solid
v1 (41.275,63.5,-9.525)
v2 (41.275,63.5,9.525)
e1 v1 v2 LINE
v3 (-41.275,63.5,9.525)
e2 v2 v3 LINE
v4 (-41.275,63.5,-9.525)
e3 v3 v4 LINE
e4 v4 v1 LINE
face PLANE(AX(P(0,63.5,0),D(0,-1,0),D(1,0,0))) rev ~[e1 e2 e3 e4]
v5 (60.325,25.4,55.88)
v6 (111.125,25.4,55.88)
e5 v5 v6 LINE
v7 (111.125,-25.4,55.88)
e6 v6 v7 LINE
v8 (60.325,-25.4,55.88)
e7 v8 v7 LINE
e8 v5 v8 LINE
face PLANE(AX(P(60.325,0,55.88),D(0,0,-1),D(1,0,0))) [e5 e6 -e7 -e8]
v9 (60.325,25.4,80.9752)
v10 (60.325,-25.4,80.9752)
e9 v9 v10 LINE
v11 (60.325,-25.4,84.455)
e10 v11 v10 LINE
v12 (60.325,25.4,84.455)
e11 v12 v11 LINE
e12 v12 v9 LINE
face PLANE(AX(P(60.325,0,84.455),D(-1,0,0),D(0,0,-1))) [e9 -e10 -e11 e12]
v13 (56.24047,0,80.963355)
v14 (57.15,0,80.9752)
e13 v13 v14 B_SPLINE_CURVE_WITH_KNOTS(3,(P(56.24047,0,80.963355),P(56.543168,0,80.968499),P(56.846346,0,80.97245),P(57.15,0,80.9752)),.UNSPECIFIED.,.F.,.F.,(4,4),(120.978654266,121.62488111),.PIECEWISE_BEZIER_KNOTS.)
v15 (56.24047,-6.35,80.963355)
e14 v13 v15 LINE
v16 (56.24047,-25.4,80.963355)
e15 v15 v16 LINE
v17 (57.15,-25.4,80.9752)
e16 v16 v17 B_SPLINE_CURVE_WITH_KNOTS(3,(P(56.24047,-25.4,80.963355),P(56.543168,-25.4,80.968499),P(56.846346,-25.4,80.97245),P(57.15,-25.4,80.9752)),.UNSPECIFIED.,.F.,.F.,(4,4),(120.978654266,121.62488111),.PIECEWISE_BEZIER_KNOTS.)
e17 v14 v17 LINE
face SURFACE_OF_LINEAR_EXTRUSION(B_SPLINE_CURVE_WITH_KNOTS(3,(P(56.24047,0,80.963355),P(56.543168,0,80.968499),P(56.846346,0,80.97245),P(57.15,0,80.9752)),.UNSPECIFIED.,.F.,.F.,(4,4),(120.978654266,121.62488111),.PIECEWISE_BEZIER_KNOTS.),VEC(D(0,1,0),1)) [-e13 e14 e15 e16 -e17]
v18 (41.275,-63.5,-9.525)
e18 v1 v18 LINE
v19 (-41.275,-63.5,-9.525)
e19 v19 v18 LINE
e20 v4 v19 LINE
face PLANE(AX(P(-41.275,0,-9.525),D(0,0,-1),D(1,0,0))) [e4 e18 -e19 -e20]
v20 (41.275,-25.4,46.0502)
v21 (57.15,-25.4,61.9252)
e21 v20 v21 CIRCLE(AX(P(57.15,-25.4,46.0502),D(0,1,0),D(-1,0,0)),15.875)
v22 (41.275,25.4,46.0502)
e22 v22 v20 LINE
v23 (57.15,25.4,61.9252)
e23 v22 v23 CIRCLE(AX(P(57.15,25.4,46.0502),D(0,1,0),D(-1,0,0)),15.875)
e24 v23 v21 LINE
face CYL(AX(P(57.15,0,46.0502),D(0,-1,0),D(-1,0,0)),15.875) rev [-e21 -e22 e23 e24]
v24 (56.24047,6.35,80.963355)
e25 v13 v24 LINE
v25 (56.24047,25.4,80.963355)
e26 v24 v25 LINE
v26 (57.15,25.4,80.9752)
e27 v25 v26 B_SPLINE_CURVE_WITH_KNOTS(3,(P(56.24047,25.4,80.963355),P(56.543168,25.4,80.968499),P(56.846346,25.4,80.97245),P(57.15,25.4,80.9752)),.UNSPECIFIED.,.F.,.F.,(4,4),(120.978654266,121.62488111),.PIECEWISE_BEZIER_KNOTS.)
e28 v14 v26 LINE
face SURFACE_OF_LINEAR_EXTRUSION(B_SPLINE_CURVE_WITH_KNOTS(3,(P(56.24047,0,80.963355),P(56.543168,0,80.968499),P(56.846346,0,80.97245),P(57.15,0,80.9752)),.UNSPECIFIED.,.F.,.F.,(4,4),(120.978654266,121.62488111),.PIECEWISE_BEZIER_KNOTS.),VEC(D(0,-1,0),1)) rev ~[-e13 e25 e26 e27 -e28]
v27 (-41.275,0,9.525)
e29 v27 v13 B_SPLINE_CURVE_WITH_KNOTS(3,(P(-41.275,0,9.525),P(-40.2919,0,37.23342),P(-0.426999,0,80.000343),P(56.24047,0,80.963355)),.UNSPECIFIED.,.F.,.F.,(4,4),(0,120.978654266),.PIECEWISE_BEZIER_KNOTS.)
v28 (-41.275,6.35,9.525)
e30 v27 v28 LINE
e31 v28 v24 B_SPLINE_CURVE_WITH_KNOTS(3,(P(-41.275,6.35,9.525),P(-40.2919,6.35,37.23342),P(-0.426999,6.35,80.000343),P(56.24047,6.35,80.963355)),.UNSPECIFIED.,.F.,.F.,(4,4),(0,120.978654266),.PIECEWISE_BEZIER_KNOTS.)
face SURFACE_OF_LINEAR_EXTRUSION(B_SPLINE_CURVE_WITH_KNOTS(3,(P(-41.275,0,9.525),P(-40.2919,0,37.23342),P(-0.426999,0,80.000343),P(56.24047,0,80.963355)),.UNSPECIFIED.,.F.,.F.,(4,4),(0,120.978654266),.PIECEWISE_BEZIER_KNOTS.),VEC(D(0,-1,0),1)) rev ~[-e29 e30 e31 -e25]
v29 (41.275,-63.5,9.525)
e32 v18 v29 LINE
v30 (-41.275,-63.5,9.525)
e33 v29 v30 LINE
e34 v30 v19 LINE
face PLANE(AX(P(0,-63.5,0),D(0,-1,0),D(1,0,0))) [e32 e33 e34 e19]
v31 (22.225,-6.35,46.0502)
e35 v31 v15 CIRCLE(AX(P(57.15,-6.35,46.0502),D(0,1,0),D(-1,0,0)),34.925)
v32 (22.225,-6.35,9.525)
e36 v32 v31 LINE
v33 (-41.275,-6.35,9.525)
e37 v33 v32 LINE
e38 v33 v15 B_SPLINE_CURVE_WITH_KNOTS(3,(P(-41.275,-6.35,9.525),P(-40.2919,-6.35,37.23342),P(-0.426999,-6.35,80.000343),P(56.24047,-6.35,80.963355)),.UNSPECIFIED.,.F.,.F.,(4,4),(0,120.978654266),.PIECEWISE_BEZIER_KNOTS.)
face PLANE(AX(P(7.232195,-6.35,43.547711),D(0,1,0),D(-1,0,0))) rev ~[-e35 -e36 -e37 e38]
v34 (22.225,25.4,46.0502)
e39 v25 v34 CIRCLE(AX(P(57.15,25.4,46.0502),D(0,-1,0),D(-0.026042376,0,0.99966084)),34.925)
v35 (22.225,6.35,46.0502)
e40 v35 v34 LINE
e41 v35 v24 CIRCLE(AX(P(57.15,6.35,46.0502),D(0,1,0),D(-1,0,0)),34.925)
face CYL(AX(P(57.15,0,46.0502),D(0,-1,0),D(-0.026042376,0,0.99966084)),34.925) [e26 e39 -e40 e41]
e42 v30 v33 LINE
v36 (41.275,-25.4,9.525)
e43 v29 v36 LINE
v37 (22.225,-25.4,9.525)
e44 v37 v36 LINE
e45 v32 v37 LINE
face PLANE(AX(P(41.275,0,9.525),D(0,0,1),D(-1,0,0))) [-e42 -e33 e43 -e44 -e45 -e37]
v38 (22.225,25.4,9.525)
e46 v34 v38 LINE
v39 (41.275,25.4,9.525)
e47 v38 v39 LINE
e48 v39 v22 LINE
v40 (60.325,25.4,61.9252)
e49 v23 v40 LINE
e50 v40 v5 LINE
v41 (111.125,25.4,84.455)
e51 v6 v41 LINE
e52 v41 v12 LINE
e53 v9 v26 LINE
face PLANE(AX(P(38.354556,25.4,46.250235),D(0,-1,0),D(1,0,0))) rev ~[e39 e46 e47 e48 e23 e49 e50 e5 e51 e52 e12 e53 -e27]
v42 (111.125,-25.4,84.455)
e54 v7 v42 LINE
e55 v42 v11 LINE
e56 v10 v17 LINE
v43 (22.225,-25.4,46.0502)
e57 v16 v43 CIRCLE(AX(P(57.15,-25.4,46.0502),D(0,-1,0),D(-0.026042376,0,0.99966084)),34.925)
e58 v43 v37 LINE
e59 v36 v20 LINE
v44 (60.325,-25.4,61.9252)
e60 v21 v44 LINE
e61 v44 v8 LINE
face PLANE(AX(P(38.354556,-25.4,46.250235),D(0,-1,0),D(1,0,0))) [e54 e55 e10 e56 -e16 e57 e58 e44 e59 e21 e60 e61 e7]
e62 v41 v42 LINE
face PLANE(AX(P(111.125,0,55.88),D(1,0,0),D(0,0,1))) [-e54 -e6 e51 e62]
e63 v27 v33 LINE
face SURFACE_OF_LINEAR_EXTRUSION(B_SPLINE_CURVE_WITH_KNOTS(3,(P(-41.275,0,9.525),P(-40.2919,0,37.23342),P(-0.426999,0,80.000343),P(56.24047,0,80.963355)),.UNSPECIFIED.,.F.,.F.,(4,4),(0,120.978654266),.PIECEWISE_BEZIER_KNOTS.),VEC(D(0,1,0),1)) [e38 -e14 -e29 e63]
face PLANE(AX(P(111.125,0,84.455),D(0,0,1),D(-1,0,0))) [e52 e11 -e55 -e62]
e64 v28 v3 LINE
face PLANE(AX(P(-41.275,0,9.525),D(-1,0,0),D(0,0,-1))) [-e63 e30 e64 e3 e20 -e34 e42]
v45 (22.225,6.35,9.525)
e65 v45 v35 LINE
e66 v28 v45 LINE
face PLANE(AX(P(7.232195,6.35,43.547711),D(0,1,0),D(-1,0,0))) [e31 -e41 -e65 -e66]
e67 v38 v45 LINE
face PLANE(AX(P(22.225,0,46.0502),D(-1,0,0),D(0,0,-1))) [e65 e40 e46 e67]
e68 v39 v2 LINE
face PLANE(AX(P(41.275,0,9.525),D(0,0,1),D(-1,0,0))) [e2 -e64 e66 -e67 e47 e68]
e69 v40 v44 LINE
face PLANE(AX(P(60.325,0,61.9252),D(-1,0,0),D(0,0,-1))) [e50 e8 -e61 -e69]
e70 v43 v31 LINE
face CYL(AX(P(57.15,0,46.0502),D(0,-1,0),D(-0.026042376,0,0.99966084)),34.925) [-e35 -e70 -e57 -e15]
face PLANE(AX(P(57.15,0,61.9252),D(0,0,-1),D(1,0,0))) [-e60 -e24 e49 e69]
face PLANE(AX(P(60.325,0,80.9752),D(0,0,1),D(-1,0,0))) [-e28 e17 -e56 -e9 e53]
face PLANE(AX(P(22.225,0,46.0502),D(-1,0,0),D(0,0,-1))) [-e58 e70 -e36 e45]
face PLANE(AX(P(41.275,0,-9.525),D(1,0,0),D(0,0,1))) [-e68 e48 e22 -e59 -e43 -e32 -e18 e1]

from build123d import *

# Parameters (mm, degrees)
F1_DEPTH = 63.5
F0_W     = 27.5913768614
F0_H     = 19.05
F2_DEPTH = 25.4
F3_DEPTH = 6.35


with BuildPart() as f1:
    # F0 (on Front) → F1 (new body, symmetric)
    with BuildSketch(Plane.XZ):
        Polygon((22.225, 9.525), (-41.275, 9.525), (-41.275, -9.525), (41.275, -9.525), (41.275, 9.525), align=None)
    extrude(amount=F1_DEPTH, both=True)

    # F0 (on Front) → F2 (join, symmetric)
    with BuildSketch(Plane.XZ):
        with BuildLine():
            Line((22.225, 46.0502), (22.225, 9.525))
            Line((22.225, 9.525), (41.275, 9.525))
            Line((41.275, 9.525), (41.275, 46.0502))
            ThreePointArc((41.275, 46.0502), (45.9246798487, 57.2755201513), (57.15, 61.9252))
            Line((57.15, 61.9252), (60.325, 61.9252))
            Line((60.325, 61.9252), (60.325, 80.9752))
            Line((60.325, 80.9752), (57.15, 80.9752))
            add(Edge.make_bspline(
                [(56.2404700013, 80.96335483), (56.5431683561, 80.9684989137), (56.846346144, 80.9724501926), (57.15, 80.9752)],
                knots=[120.9786542661, 120.9786542661, 120.9786542661, 120.9786542661, 121.6248811101, 121.6248811101, 121.6248811101, 121.6248811101], degree=3))
            ThreePointArc((56.2404700013, 80.96335483), (32.1347950218, 70.4222156101), (22.225, 46.0502))
        make_face()
        with Locations((74.1206884307, 71.4502)):
            Rectangle(F0_W, F0_H)
        Polygon((60.325, 84.455), (60.325, 80.9752), (87.9163768614, 80.9752), (87.9163768614, 61.9252), (60.325, 61.9252), (60.325, 55.88), (111.125, 55.88), (111.125, 84.455), align=None)
    extrude(amount=F2_DEPTH, both=True)

    # F0 (on Front) → F3 (join, symmetric)
    with BuildSketch(Plane.XZ):
        with BuildLine():
            add(Edge.make_bspline(
                [(-41.275, 9.525), (-40.2919004024, 37.2334202637), (-0.4269989303, 80.0003426359), (56.2404700013, 80.96335483)],
                knots=[0, 0, 0, 0, 120.9786542661, 120.9786542661, 120.9786542661, 120.9786542661], degree=3))
            Line((-41.275, 9.525), (22.225, 9.525))
            Line((22.225, 9.525), (22.225, 46.0502))
            ThreePointArc((22.225, 46.0502), (32.1347950218, 70.4222156101), (56.2404700013, 80.96335483))
        make_face()
    extrude(amount=F3_DEPTH, both=True)


solid = f1.part
